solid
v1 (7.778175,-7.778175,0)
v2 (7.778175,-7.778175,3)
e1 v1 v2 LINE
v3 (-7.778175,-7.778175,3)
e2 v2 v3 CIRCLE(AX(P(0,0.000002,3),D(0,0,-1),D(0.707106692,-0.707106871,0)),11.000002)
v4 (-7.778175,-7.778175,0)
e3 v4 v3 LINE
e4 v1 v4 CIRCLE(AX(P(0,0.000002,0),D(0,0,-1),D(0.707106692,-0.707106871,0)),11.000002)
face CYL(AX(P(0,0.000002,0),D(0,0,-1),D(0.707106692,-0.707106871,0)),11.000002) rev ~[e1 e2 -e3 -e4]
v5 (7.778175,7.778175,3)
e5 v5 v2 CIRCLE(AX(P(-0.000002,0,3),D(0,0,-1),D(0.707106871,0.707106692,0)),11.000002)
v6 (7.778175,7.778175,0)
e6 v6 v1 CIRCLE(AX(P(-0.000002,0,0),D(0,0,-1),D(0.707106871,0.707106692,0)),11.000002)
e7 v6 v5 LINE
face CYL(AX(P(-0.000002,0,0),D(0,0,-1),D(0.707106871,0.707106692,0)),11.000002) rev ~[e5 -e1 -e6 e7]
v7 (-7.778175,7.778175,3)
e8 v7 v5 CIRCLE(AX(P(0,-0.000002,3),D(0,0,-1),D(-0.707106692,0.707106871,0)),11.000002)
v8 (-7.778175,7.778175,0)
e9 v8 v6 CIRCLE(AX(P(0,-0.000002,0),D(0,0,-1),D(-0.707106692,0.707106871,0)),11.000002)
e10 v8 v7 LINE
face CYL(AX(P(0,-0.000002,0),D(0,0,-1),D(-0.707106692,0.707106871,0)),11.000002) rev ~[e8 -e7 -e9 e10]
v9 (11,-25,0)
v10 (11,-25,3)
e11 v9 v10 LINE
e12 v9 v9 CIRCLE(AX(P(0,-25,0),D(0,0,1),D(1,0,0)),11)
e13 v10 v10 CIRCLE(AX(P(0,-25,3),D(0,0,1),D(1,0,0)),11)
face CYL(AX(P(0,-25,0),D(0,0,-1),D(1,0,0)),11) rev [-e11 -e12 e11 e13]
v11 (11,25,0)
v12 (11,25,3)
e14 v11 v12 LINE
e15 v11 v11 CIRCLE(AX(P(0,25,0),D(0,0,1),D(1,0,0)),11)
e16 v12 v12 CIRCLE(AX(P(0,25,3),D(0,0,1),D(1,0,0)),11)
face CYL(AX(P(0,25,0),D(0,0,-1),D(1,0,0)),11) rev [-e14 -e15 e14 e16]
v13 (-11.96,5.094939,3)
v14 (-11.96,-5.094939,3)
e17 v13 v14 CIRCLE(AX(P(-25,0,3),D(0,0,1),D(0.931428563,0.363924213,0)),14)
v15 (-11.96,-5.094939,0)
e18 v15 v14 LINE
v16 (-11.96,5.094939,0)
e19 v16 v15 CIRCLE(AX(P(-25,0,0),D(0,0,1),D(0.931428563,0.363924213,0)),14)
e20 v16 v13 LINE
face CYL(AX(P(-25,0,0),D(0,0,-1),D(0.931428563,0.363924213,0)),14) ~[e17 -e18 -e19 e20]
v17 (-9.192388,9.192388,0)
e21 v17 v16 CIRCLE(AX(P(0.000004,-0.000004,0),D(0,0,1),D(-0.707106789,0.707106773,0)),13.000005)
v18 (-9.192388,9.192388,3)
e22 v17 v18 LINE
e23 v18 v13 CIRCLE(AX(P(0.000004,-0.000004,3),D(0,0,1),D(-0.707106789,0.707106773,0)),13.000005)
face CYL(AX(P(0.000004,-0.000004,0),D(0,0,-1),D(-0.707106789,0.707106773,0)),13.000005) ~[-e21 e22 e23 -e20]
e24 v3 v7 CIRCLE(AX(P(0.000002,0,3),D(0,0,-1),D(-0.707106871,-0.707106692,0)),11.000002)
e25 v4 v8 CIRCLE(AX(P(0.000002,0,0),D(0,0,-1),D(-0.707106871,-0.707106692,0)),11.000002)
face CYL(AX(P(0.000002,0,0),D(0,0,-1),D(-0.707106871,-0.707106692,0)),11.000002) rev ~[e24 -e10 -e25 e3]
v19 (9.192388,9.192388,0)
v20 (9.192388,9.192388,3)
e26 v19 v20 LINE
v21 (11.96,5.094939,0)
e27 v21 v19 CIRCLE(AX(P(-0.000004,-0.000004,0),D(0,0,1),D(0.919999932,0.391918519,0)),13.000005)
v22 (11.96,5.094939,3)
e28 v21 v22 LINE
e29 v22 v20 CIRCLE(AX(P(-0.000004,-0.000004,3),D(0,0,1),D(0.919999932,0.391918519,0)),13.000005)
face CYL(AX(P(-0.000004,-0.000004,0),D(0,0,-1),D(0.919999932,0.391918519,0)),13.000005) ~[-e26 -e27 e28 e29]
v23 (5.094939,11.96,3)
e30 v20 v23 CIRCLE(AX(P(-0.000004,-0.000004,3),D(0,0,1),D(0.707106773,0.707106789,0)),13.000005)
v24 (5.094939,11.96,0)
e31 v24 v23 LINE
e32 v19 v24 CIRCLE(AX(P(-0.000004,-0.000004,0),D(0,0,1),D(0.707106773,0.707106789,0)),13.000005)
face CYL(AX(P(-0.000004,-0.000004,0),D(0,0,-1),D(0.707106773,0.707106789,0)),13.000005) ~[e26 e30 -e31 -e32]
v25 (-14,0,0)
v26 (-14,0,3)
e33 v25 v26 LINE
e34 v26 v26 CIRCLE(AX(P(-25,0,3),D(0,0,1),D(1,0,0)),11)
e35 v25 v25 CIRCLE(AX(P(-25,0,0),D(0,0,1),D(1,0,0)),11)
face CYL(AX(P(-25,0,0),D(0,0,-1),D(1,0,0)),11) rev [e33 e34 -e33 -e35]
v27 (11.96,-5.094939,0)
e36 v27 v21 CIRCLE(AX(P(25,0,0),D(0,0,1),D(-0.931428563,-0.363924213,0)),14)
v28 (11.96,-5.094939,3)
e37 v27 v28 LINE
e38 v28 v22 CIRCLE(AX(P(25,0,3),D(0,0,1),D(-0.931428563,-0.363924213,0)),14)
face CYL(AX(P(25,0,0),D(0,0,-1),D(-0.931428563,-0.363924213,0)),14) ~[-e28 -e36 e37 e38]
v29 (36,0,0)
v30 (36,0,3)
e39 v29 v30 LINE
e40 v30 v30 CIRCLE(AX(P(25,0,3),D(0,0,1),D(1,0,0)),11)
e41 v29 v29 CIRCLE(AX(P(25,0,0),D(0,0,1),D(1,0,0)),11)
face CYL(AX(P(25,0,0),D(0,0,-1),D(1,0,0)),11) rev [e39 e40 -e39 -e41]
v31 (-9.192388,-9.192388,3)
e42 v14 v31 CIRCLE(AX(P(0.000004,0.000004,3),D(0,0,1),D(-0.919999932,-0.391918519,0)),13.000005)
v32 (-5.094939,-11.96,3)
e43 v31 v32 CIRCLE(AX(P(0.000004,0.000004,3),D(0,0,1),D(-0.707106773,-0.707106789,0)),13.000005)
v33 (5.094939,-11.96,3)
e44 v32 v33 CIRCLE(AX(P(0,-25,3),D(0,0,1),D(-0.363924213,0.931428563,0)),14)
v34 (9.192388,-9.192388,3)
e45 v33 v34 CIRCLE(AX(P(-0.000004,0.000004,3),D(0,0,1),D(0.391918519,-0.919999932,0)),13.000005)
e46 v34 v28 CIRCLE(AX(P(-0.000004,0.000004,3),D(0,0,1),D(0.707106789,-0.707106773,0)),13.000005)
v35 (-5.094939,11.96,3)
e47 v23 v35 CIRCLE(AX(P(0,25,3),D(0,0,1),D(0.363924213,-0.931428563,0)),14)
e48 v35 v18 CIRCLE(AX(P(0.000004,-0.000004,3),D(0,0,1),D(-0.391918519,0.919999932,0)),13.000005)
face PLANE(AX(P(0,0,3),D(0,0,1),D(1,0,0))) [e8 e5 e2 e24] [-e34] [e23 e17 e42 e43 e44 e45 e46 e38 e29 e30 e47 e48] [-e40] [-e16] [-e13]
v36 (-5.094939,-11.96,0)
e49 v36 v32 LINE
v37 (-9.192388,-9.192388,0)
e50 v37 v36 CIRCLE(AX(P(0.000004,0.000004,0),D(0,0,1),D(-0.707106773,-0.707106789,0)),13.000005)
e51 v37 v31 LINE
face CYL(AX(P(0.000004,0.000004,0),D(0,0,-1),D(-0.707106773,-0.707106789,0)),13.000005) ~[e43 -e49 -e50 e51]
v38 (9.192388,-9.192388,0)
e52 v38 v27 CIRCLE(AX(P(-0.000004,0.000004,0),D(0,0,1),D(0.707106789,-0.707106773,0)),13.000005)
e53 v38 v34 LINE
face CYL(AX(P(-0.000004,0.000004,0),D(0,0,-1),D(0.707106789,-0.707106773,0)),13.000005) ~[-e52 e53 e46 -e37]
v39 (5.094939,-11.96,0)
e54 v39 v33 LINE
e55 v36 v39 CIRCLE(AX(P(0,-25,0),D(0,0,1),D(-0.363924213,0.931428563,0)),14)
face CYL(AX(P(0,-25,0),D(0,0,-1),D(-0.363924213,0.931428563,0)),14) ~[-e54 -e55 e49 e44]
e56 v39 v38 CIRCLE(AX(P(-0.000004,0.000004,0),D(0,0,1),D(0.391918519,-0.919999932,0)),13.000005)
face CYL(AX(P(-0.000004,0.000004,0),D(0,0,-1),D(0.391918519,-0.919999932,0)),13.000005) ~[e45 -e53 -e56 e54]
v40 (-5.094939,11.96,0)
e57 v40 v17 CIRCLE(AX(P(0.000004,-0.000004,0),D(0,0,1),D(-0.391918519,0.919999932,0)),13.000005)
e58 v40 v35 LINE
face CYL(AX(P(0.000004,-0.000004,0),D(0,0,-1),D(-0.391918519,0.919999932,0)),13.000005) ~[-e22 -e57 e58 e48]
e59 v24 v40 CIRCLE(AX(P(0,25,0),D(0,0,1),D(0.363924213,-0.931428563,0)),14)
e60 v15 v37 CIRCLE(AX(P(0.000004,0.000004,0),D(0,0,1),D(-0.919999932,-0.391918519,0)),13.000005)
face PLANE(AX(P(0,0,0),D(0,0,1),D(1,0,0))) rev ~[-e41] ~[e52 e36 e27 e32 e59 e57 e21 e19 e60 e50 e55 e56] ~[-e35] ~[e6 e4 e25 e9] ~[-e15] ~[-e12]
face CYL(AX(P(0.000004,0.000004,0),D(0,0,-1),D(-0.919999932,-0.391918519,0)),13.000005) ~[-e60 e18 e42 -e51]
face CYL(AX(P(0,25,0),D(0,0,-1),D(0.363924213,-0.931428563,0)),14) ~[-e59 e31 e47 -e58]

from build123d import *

# Parameters (mm, degrees)
F0_R     = 11
F1_DEPTH = 3


with BuildPart() as f1:
    # F0 (on Top) → F1 (new body)
    with BuildSketch(Plane.XY):
        with BuildLine():
            ThreePointArc((5.094939, 11.96), (0, 39), (-5.094939, 11.96))
            ThreePointArc((-5.094939, 11.96), (-7.276458, 10.772797), (-9.192388, 9.192388))
            ThreePointArc((-9.192388, 9.192388), (-10.772797, 7.276458), (-11.96, 5.094939))
            ThreePointArc((-11.96, 5.094939), (-39, 0), (-11.96, -5.094939))
            ThreePointArc((-11.96, -5.094939), (-10.772797, -7.276458), (-9.192388, -9.192388))
            ThreePointArc((-9.192388, -9.192388), (-7.276458, -10.772797), (-5.094939, -11.96))
            ThreePointArc((-5.094939, -11.96), (0, -39), (5.094939, -11.96))
            ThreePointArc((5.094939, -11.96), (7.276458, -10.772797), (9.192388, -9.192388))
            ThreePointArc((9.192388, -9.192388), (10.772797, -7.276458), (11.96, -5.094939))
            ThreePointArc((11.96, -5.094939), (39, 0), (11.96, 5.094939))
            ThreePointArc((11.96, 5.094939), (10.772797, 7.276458), (9.192388, 9.192388))
            ThreePointArc((9.192388, 9.192388), (7.276458, 10.772797), (5.094939, 11.96))
        make_face()
        with Locations((0, -25)):
            Circle(F0_R, mode=Mode.SUBTRACT)
        with Locations((-25, 0)):
            Circle(F0_R, mode=Mode.SUBTRACT)
        with BuildLine():
            ThreePointArc((-7.778175, 7.778175), (0, 11), (7.778175, 7.778175))
            ThreePointArc((7.778175, 7.778175), (11, 0), (7.778175, -7.778175))
            ThreePointArc((7.778175, -7.778175), (0, -11), (-7.778175, -7.778175))
            ThreePointArc((-7.778175, -7.778175), (-11, 0), (-7.778175, 7.778175))
        make_face(mode=Mode.SUBTRACT)
        with Locations((25, 0)):
            Circle(F0_R, mode=Mode.SUBTRACT)
        with Locations((0, 25)):
            Circle(F0_R, mode=Mode.SUBTRACT)
    extrude(amount=F1_DEPTH)


solid = f1.part
